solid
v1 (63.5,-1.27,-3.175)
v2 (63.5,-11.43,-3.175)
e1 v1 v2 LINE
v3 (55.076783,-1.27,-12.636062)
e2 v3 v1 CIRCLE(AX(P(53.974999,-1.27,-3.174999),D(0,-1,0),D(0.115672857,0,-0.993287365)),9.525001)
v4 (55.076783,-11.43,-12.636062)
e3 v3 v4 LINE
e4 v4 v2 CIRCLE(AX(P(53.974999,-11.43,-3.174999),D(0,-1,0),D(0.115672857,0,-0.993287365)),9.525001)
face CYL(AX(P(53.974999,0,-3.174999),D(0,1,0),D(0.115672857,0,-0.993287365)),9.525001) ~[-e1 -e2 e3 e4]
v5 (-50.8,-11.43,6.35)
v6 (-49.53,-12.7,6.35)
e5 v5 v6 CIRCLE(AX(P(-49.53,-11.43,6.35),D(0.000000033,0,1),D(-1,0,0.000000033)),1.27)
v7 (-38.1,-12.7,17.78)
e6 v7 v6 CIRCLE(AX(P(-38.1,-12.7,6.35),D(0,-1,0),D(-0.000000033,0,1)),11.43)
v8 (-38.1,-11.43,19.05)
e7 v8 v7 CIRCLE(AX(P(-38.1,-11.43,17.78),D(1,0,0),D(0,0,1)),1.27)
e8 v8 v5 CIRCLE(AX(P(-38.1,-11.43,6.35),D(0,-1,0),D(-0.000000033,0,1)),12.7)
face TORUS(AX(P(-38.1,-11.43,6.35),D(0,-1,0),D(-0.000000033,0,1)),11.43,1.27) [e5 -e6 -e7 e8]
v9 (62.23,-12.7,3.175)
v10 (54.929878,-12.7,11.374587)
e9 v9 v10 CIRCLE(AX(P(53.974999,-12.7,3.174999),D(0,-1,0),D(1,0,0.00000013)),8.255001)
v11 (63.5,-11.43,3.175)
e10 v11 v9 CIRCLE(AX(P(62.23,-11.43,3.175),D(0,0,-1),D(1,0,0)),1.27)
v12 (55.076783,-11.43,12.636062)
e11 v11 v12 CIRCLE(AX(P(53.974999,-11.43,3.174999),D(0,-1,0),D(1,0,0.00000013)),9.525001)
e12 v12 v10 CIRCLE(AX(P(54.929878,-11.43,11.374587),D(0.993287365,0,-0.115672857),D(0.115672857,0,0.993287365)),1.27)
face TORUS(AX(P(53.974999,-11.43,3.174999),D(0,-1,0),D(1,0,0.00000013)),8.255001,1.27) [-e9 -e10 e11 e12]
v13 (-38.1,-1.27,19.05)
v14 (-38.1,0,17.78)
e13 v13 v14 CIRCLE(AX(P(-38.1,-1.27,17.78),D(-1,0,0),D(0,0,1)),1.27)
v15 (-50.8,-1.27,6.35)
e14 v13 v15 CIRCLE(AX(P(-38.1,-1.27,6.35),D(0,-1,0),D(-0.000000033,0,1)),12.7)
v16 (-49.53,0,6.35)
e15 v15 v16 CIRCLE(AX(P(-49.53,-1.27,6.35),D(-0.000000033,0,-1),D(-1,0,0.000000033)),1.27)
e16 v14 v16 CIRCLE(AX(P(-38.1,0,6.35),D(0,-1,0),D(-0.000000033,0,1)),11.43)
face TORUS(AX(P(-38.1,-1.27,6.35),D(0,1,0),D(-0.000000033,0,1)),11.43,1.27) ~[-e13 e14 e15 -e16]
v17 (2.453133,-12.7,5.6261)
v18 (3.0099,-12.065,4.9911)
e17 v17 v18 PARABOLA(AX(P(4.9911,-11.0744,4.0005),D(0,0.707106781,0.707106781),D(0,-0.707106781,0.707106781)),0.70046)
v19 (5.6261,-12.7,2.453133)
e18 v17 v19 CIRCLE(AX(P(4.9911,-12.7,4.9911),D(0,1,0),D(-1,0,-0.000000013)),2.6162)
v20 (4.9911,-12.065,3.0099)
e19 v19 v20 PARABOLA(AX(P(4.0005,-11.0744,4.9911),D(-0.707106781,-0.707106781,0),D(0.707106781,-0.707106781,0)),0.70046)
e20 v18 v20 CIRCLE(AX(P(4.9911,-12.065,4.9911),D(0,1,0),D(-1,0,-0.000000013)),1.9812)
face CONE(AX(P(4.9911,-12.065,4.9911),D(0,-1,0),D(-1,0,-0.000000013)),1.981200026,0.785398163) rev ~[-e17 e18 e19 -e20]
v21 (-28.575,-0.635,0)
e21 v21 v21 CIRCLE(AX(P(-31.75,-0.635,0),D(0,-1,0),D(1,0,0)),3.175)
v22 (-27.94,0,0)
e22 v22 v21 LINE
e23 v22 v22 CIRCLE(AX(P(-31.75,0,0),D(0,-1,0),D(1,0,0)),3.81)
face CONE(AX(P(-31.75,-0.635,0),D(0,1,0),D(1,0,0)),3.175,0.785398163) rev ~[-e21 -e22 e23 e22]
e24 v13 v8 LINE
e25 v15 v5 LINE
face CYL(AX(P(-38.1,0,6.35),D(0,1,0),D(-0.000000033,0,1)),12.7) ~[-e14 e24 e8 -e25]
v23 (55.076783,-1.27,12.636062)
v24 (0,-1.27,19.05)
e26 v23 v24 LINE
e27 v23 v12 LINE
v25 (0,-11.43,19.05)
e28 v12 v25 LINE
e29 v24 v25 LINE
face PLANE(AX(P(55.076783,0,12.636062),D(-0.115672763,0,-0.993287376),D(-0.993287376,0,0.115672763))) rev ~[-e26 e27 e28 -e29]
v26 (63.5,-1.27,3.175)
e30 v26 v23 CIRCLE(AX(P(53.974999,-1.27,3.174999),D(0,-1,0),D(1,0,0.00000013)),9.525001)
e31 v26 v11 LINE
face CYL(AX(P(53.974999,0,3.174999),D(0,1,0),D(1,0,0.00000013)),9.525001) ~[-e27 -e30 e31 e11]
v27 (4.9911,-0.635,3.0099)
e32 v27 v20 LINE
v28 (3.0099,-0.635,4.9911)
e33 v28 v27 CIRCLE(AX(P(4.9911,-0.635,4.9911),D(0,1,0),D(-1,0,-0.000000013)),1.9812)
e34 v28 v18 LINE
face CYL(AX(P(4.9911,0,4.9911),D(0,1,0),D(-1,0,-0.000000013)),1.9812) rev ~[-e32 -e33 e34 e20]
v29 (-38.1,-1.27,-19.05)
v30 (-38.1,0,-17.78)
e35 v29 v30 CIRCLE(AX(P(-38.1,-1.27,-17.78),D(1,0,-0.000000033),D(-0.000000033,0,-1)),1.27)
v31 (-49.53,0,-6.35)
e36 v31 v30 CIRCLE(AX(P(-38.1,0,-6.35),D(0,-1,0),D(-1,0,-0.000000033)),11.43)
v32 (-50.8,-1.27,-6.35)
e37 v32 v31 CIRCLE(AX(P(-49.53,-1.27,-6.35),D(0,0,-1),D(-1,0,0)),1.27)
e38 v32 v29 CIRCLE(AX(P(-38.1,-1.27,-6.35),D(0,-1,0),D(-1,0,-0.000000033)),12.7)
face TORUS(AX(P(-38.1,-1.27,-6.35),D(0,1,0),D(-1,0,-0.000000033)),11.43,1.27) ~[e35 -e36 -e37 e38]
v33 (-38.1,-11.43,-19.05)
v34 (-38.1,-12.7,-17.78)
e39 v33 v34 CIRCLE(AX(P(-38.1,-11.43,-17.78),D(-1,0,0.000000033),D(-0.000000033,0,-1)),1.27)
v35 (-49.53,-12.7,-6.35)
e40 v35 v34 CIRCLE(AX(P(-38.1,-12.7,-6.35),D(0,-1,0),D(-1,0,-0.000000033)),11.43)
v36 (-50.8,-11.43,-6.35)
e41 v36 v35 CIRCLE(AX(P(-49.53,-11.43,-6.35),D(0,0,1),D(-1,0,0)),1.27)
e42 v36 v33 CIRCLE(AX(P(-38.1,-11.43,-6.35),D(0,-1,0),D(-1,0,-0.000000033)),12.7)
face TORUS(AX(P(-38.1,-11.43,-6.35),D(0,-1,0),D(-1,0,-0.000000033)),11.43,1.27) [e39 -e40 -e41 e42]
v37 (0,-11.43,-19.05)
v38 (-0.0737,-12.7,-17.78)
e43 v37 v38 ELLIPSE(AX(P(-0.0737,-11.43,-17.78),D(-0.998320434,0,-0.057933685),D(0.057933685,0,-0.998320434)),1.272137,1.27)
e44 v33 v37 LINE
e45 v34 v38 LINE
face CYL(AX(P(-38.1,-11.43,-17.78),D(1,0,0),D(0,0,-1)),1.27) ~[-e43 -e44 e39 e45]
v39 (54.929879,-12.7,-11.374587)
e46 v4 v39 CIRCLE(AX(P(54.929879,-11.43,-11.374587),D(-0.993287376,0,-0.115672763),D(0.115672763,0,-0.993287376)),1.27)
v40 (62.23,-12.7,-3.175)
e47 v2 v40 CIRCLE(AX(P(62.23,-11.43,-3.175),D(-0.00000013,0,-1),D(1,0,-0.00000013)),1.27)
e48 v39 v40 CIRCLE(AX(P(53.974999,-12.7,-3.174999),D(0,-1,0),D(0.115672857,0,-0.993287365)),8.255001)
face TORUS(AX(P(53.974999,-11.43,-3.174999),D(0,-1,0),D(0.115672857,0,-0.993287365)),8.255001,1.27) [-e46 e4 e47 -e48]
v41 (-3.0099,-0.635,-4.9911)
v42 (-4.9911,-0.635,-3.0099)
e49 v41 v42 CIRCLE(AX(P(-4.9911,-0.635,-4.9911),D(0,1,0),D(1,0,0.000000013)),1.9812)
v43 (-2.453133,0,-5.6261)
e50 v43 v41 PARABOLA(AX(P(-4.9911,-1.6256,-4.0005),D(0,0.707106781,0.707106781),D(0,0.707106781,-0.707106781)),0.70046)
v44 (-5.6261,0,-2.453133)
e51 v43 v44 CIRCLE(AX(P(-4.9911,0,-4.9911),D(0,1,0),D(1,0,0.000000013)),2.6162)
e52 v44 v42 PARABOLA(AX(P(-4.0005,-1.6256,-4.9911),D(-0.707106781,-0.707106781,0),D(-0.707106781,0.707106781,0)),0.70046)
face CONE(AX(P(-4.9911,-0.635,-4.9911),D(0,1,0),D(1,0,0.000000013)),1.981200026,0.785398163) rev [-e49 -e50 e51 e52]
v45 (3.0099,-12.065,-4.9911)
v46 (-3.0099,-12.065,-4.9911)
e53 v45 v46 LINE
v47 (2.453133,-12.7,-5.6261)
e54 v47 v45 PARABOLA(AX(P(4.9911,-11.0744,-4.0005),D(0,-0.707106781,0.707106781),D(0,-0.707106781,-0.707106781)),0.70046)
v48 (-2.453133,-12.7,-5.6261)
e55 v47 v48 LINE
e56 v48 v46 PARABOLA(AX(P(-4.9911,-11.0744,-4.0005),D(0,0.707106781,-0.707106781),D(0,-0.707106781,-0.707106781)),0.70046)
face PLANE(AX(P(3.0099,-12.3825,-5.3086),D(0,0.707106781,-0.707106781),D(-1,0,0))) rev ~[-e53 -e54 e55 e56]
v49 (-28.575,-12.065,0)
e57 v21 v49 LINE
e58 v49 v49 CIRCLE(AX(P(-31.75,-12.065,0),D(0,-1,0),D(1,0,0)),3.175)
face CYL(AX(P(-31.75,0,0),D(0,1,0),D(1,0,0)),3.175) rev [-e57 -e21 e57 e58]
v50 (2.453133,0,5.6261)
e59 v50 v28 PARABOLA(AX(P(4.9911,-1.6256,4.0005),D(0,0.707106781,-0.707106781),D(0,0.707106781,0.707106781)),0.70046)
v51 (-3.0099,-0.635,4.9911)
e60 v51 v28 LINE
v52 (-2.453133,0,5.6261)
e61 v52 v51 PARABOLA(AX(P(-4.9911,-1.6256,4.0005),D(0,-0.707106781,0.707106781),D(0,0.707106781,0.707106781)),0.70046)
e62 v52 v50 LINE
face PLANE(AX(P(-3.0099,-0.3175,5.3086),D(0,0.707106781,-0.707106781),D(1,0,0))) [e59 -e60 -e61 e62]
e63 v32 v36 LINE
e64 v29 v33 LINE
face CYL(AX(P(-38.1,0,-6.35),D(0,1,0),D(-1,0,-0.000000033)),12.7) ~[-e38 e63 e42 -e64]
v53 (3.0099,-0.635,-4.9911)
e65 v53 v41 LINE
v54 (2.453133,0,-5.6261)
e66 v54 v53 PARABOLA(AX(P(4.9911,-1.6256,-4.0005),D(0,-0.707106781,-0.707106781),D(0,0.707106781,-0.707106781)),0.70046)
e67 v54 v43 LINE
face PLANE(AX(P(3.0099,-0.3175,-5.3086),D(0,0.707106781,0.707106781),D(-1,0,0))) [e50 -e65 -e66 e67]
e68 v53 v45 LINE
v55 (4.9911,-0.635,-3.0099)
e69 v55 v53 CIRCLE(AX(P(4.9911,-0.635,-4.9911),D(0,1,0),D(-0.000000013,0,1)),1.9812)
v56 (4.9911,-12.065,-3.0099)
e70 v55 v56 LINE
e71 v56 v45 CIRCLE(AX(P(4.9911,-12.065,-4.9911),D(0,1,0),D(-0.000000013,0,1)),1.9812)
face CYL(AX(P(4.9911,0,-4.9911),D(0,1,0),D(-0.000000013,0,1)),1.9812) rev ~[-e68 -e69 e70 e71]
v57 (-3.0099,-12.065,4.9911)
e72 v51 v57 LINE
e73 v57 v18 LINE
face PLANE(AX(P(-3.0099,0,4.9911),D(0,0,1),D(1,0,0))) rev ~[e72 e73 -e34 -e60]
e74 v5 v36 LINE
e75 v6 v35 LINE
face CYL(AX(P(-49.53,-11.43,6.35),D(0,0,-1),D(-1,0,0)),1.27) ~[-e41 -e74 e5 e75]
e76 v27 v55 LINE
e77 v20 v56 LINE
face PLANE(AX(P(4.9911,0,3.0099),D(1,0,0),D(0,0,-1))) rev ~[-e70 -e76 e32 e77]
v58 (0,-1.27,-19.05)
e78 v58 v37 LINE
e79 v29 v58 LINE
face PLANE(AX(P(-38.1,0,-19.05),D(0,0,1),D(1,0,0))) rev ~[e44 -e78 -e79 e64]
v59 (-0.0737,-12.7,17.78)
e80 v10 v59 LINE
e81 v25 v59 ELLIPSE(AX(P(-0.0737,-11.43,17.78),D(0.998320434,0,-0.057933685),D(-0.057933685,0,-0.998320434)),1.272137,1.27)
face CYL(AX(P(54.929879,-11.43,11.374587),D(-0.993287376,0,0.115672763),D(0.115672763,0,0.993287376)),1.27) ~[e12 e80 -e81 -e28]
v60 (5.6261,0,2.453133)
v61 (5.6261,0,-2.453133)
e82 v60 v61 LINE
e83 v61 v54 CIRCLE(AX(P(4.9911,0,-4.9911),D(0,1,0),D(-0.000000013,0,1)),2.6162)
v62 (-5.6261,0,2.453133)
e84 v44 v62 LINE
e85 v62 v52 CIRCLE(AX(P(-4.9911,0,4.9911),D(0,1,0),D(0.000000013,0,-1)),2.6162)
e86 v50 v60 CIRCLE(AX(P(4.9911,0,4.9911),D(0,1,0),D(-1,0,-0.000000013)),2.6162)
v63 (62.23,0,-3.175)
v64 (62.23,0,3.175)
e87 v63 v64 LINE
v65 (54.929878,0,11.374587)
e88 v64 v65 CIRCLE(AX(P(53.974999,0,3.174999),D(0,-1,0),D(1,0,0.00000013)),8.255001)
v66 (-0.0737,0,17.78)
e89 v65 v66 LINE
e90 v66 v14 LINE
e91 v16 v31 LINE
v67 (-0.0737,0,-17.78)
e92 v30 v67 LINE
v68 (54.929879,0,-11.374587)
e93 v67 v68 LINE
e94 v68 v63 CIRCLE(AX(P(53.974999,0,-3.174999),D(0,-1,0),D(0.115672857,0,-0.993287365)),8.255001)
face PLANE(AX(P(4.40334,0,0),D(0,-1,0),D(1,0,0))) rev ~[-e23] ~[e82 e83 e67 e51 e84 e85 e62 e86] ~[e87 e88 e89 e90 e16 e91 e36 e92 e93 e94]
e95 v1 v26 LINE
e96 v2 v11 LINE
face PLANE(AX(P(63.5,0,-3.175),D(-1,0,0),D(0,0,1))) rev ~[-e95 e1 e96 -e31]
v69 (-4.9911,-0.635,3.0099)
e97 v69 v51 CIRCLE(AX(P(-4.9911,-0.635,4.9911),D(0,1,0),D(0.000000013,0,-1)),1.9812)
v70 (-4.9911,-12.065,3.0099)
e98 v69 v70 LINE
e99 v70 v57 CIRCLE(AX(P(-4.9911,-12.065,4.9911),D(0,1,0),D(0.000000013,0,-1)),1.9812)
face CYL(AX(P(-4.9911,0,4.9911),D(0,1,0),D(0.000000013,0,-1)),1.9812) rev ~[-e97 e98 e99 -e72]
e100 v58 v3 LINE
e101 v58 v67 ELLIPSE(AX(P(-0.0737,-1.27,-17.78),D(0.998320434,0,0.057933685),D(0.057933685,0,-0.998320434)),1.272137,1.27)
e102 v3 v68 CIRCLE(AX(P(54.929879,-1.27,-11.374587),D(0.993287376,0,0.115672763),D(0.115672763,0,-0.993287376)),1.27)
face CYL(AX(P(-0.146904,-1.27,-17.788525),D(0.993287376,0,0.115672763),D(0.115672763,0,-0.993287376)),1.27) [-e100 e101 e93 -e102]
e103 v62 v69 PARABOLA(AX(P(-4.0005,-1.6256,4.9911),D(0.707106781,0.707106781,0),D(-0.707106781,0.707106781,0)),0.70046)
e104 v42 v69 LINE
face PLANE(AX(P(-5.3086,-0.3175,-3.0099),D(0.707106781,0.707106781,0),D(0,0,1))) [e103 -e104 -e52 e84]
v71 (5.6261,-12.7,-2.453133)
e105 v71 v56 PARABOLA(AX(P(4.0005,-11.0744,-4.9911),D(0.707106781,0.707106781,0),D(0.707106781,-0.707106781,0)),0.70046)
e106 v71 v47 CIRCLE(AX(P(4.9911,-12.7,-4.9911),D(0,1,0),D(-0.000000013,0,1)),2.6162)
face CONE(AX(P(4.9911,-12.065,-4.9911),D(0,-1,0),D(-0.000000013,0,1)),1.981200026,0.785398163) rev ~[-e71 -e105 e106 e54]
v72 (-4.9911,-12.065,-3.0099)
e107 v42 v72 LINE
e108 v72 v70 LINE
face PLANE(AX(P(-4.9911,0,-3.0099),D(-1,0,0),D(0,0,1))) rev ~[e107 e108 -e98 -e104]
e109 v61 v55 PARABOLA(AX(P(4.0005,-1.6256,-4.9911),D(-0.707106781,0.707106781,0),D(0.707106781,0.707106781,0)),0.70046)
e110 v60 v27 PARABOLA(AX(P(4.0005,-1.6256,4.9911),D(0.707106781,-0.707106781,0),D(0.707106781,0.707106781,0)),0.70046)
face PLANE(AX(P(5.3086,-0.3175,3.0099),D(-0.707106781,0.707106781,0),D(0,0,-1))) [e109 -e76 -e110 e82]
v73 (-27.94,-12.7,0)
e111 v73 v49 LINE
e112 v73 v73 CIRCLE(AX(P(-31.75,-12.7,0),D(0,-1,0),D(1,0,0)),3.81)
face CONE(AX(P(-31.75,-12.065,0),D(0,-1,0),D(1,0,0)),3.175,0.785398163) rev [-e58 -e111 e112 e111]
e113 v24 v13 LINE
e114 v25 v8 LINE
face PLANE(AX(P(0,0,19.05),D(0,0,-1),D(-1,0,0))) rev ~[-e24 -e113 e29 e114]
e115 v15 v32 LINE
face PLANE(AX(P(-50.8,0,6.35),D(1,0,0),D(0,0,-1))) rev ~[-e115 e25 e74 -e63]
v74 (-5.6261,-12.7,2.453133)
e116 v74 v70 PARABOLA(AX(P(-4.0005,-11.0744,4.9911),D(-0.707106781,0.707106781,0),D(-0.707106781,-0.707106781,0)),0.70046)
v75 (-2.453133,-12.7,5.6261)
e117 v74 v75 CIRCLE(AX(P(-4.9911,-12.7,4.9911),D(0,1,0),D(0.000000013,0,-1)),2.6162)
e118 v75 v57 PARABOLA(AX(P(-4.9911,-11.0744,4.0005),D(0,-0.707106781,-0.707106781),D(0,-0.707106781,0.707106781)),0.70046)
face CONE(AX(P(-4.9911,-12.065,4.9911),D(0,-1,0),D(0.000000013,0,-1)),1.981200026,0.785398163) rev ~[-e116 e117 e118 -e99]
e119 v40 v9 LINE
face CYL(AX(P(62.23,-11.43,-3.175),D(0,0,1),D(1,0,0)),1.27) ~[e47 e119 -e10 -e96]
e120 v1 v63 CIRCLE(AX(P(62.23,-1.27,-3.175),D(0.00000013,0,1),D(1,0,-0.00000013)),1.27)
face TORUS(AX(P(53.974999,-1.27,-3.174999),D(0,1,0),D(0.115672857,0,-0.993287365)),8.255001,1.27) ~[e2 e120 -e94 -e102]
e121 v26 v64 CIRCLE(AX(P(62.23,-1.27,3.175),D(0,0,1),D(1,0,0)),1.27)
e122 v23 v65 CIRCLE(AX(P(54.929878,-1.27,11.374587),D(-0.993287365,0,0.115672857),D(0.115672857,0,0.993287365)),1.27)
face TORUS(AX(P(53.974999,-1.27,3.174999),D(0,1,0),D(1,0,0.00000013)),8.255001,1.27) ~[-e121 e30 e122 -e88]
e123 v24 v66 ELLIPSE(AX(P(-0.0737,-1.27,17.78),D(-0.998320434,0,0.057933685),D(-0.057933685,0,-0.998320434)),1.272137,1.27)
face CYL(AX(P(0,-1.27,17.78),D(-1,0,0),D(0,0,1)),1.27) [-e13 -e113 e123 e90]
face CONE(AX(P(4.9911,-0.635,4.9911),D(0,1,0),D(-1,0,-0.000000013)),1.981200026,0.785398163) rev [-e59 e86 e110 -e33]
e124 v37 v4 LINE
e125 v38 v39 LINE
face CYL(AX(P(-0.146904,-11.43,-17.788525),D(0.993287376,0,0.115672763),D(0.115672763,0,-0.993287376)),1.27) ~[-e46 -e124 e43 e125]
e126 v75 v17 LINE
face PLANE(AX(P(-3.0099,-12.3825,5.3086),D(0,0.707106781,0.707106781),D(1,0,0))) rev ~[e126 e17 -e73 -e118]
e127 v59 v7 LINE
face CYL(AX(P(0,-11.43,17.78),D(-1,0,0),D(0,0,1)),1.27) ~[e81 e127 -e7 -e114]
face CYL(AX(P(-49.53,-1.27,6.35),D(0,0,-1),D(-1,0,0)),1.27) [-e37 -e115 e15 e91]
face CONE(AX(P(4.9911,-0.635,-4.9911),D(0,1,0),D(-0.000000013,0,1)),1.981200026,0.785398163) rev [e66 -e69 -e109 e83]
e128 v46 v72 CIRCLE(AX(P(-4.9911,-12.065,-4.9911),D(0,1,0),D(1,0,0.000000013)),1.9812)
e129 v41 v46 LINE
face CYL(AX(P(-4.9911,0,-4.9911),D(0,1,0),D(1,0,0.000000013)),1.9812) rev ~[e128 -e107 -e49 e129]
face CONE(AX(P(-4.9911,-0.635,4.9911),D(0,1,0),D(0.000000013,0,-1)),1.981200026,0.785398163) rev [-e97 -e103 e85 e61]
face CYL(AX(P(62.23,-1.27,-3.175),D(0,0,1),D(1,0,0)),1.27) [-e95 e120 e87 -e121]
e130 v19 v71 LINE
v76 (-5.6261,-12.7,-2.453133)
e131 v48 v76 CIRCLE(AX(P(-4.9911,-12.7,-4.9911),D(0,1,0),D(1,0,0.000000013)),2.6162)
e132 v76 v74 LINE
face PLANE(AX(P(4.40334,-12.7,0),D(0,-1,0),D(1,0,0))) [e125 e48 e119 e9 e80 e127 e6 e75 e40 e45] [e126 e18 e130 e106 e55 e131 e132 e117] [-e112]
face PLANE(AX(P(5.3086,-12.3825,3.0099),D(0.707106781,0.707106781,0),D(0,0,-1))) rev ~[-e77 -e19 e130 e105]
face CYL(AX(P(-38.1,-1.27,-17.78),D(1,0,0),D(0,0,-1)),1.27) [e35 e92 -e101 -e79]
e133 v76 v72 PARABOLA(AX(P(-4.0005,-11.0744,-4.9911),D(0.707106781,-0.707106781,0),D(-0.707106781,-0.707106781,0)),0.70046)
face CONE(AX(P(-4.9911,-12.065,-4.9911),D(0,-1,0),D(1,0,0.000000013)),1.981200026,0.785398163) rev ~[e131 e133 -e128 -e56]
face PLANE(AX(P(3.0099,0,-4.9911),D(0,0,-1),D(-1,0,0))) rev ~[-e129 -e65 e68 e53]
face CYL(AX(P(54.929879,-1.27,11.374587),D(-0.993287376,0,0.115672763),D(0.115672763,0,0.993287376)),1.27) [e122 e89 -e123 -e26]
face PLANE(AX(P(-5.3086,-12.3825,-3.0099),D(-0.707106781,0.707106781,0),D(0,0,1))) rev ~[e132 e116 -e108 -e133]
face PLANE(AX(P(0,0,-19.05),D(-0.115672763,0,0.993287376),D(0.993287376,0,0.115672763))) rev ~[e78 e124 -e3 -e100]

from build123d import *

# Parameters (mm, degrees)
F0_R     = 3.175
F1_DEPTH = 12.7
F2_R     = 1.27
F3_SIZE  = 0.635


with BuildPart() as f1:
    # F0 (on Front) → F1 (new body)
    with BuildSketch(Plane.XZ):
        with BuildLine():
            Line((-38.1, -19.05), (0, -19.05))
            Line((0, -19.05), (55.076783, -12.636062))
            ThreePointArc((55.076783, -12.636062), (61.089074, -9.508685), (63.5, -3.175))
            Line((63.5, -3.175), (63.5, 3.175))
            ThreePointArc((63.5, 3.175), (61.089074, 9.508685), (55.076783, 12.636062))
            Line((55.076783, 12.636062), (0, 19.05))
            Line((0, 19.05), (-38.1, 19.05))
            ThreePointArc((-38.1, 19.05), (-47.080256, 15.330256), (-50.8, 6.35))
            Line((-50.8, 6.35), (-50.8, -6.35))
            ThreePointArc((-50.8, -6.35), (-47.080256, -15.330256), (-38.1, -19.05))
        make_face()
        with Locations((-31.75, 0)):
            Circle(F0_R, mode=Mode.SUBTRACT)
        with BuildLine():
            ThreePointArc((4.9911, -3.0099), (6.39202, -6.39202), (3.0099, -4.9911))
            Line((3.0099, -4.9911), (-3.0099, -4.9911))
            ThreePointArc((-3.0099, -4.9911), (-6.39202, -6.39202), (-4.9911, -3.0099))
            Line((-4.9911, -3.0099), (-4.9911, 3.0099))
            ThreePointArc((-4.9911, 3.0099), (-6.39202, 6.39202), (-3.0099, 4.9911))
            Line((-3.0099, 4.9911), (3.0099, 4.9911))
            ThreePointArc((3.0099, 4.9911), (6.39202, 6.39202), (4.9911, 3.0099))
            Line((4.9911, 3.0099), (4.9911, -3.0099))
        make_face(mode=Mode.SUBTRACT)
    extrude(amount=F1_DEPTH)

    # F2
    f2_edges = [f1.edges().sort_by_distance(p)[0] for p in [
        (-19.05, -12.7, 19.05),
        (27.538392, -12.7, 15.843031),
        (-19.05, 0, 19.05),
        (27.538392, 0, 15.843031),
    ]]
    fillet(f2_edges, radius=F2_R)

    # F3
    f3_edges = [f1.edges().sort_by_distance(p)[0] for p in [
        (-34.925, -12.7, 0),
        (-4.9911, -12.7, 0),
        (0, -12.7, 4.9911),
        (4.9911, -12.7, 0),
        (0, -12.7, -4.9911),
        (6.39202, -12.7, -6.39202),
        (-6.39202, -12.7, -6.39202),
        (-6.39202, -12.7, 6.39202),
        (6.39202, -12.7, 6.39202),
        (-34.925, 0, 0),
        (-4.9911, 0, 0),
        (-6.39202, 0, 6.39202),
        (0, 0, 4.9911),
        (6.39202, 0, 6.39202),
        (4.9911, 0, 0),
        (6.39202, 0, -6.39202),
        (0, 0, -4.9911),
        (-6.39202, 0, -6.39202),
    ]]
    chamfer(f3_edges, length=F3_SIZE)


solid = f1.part
